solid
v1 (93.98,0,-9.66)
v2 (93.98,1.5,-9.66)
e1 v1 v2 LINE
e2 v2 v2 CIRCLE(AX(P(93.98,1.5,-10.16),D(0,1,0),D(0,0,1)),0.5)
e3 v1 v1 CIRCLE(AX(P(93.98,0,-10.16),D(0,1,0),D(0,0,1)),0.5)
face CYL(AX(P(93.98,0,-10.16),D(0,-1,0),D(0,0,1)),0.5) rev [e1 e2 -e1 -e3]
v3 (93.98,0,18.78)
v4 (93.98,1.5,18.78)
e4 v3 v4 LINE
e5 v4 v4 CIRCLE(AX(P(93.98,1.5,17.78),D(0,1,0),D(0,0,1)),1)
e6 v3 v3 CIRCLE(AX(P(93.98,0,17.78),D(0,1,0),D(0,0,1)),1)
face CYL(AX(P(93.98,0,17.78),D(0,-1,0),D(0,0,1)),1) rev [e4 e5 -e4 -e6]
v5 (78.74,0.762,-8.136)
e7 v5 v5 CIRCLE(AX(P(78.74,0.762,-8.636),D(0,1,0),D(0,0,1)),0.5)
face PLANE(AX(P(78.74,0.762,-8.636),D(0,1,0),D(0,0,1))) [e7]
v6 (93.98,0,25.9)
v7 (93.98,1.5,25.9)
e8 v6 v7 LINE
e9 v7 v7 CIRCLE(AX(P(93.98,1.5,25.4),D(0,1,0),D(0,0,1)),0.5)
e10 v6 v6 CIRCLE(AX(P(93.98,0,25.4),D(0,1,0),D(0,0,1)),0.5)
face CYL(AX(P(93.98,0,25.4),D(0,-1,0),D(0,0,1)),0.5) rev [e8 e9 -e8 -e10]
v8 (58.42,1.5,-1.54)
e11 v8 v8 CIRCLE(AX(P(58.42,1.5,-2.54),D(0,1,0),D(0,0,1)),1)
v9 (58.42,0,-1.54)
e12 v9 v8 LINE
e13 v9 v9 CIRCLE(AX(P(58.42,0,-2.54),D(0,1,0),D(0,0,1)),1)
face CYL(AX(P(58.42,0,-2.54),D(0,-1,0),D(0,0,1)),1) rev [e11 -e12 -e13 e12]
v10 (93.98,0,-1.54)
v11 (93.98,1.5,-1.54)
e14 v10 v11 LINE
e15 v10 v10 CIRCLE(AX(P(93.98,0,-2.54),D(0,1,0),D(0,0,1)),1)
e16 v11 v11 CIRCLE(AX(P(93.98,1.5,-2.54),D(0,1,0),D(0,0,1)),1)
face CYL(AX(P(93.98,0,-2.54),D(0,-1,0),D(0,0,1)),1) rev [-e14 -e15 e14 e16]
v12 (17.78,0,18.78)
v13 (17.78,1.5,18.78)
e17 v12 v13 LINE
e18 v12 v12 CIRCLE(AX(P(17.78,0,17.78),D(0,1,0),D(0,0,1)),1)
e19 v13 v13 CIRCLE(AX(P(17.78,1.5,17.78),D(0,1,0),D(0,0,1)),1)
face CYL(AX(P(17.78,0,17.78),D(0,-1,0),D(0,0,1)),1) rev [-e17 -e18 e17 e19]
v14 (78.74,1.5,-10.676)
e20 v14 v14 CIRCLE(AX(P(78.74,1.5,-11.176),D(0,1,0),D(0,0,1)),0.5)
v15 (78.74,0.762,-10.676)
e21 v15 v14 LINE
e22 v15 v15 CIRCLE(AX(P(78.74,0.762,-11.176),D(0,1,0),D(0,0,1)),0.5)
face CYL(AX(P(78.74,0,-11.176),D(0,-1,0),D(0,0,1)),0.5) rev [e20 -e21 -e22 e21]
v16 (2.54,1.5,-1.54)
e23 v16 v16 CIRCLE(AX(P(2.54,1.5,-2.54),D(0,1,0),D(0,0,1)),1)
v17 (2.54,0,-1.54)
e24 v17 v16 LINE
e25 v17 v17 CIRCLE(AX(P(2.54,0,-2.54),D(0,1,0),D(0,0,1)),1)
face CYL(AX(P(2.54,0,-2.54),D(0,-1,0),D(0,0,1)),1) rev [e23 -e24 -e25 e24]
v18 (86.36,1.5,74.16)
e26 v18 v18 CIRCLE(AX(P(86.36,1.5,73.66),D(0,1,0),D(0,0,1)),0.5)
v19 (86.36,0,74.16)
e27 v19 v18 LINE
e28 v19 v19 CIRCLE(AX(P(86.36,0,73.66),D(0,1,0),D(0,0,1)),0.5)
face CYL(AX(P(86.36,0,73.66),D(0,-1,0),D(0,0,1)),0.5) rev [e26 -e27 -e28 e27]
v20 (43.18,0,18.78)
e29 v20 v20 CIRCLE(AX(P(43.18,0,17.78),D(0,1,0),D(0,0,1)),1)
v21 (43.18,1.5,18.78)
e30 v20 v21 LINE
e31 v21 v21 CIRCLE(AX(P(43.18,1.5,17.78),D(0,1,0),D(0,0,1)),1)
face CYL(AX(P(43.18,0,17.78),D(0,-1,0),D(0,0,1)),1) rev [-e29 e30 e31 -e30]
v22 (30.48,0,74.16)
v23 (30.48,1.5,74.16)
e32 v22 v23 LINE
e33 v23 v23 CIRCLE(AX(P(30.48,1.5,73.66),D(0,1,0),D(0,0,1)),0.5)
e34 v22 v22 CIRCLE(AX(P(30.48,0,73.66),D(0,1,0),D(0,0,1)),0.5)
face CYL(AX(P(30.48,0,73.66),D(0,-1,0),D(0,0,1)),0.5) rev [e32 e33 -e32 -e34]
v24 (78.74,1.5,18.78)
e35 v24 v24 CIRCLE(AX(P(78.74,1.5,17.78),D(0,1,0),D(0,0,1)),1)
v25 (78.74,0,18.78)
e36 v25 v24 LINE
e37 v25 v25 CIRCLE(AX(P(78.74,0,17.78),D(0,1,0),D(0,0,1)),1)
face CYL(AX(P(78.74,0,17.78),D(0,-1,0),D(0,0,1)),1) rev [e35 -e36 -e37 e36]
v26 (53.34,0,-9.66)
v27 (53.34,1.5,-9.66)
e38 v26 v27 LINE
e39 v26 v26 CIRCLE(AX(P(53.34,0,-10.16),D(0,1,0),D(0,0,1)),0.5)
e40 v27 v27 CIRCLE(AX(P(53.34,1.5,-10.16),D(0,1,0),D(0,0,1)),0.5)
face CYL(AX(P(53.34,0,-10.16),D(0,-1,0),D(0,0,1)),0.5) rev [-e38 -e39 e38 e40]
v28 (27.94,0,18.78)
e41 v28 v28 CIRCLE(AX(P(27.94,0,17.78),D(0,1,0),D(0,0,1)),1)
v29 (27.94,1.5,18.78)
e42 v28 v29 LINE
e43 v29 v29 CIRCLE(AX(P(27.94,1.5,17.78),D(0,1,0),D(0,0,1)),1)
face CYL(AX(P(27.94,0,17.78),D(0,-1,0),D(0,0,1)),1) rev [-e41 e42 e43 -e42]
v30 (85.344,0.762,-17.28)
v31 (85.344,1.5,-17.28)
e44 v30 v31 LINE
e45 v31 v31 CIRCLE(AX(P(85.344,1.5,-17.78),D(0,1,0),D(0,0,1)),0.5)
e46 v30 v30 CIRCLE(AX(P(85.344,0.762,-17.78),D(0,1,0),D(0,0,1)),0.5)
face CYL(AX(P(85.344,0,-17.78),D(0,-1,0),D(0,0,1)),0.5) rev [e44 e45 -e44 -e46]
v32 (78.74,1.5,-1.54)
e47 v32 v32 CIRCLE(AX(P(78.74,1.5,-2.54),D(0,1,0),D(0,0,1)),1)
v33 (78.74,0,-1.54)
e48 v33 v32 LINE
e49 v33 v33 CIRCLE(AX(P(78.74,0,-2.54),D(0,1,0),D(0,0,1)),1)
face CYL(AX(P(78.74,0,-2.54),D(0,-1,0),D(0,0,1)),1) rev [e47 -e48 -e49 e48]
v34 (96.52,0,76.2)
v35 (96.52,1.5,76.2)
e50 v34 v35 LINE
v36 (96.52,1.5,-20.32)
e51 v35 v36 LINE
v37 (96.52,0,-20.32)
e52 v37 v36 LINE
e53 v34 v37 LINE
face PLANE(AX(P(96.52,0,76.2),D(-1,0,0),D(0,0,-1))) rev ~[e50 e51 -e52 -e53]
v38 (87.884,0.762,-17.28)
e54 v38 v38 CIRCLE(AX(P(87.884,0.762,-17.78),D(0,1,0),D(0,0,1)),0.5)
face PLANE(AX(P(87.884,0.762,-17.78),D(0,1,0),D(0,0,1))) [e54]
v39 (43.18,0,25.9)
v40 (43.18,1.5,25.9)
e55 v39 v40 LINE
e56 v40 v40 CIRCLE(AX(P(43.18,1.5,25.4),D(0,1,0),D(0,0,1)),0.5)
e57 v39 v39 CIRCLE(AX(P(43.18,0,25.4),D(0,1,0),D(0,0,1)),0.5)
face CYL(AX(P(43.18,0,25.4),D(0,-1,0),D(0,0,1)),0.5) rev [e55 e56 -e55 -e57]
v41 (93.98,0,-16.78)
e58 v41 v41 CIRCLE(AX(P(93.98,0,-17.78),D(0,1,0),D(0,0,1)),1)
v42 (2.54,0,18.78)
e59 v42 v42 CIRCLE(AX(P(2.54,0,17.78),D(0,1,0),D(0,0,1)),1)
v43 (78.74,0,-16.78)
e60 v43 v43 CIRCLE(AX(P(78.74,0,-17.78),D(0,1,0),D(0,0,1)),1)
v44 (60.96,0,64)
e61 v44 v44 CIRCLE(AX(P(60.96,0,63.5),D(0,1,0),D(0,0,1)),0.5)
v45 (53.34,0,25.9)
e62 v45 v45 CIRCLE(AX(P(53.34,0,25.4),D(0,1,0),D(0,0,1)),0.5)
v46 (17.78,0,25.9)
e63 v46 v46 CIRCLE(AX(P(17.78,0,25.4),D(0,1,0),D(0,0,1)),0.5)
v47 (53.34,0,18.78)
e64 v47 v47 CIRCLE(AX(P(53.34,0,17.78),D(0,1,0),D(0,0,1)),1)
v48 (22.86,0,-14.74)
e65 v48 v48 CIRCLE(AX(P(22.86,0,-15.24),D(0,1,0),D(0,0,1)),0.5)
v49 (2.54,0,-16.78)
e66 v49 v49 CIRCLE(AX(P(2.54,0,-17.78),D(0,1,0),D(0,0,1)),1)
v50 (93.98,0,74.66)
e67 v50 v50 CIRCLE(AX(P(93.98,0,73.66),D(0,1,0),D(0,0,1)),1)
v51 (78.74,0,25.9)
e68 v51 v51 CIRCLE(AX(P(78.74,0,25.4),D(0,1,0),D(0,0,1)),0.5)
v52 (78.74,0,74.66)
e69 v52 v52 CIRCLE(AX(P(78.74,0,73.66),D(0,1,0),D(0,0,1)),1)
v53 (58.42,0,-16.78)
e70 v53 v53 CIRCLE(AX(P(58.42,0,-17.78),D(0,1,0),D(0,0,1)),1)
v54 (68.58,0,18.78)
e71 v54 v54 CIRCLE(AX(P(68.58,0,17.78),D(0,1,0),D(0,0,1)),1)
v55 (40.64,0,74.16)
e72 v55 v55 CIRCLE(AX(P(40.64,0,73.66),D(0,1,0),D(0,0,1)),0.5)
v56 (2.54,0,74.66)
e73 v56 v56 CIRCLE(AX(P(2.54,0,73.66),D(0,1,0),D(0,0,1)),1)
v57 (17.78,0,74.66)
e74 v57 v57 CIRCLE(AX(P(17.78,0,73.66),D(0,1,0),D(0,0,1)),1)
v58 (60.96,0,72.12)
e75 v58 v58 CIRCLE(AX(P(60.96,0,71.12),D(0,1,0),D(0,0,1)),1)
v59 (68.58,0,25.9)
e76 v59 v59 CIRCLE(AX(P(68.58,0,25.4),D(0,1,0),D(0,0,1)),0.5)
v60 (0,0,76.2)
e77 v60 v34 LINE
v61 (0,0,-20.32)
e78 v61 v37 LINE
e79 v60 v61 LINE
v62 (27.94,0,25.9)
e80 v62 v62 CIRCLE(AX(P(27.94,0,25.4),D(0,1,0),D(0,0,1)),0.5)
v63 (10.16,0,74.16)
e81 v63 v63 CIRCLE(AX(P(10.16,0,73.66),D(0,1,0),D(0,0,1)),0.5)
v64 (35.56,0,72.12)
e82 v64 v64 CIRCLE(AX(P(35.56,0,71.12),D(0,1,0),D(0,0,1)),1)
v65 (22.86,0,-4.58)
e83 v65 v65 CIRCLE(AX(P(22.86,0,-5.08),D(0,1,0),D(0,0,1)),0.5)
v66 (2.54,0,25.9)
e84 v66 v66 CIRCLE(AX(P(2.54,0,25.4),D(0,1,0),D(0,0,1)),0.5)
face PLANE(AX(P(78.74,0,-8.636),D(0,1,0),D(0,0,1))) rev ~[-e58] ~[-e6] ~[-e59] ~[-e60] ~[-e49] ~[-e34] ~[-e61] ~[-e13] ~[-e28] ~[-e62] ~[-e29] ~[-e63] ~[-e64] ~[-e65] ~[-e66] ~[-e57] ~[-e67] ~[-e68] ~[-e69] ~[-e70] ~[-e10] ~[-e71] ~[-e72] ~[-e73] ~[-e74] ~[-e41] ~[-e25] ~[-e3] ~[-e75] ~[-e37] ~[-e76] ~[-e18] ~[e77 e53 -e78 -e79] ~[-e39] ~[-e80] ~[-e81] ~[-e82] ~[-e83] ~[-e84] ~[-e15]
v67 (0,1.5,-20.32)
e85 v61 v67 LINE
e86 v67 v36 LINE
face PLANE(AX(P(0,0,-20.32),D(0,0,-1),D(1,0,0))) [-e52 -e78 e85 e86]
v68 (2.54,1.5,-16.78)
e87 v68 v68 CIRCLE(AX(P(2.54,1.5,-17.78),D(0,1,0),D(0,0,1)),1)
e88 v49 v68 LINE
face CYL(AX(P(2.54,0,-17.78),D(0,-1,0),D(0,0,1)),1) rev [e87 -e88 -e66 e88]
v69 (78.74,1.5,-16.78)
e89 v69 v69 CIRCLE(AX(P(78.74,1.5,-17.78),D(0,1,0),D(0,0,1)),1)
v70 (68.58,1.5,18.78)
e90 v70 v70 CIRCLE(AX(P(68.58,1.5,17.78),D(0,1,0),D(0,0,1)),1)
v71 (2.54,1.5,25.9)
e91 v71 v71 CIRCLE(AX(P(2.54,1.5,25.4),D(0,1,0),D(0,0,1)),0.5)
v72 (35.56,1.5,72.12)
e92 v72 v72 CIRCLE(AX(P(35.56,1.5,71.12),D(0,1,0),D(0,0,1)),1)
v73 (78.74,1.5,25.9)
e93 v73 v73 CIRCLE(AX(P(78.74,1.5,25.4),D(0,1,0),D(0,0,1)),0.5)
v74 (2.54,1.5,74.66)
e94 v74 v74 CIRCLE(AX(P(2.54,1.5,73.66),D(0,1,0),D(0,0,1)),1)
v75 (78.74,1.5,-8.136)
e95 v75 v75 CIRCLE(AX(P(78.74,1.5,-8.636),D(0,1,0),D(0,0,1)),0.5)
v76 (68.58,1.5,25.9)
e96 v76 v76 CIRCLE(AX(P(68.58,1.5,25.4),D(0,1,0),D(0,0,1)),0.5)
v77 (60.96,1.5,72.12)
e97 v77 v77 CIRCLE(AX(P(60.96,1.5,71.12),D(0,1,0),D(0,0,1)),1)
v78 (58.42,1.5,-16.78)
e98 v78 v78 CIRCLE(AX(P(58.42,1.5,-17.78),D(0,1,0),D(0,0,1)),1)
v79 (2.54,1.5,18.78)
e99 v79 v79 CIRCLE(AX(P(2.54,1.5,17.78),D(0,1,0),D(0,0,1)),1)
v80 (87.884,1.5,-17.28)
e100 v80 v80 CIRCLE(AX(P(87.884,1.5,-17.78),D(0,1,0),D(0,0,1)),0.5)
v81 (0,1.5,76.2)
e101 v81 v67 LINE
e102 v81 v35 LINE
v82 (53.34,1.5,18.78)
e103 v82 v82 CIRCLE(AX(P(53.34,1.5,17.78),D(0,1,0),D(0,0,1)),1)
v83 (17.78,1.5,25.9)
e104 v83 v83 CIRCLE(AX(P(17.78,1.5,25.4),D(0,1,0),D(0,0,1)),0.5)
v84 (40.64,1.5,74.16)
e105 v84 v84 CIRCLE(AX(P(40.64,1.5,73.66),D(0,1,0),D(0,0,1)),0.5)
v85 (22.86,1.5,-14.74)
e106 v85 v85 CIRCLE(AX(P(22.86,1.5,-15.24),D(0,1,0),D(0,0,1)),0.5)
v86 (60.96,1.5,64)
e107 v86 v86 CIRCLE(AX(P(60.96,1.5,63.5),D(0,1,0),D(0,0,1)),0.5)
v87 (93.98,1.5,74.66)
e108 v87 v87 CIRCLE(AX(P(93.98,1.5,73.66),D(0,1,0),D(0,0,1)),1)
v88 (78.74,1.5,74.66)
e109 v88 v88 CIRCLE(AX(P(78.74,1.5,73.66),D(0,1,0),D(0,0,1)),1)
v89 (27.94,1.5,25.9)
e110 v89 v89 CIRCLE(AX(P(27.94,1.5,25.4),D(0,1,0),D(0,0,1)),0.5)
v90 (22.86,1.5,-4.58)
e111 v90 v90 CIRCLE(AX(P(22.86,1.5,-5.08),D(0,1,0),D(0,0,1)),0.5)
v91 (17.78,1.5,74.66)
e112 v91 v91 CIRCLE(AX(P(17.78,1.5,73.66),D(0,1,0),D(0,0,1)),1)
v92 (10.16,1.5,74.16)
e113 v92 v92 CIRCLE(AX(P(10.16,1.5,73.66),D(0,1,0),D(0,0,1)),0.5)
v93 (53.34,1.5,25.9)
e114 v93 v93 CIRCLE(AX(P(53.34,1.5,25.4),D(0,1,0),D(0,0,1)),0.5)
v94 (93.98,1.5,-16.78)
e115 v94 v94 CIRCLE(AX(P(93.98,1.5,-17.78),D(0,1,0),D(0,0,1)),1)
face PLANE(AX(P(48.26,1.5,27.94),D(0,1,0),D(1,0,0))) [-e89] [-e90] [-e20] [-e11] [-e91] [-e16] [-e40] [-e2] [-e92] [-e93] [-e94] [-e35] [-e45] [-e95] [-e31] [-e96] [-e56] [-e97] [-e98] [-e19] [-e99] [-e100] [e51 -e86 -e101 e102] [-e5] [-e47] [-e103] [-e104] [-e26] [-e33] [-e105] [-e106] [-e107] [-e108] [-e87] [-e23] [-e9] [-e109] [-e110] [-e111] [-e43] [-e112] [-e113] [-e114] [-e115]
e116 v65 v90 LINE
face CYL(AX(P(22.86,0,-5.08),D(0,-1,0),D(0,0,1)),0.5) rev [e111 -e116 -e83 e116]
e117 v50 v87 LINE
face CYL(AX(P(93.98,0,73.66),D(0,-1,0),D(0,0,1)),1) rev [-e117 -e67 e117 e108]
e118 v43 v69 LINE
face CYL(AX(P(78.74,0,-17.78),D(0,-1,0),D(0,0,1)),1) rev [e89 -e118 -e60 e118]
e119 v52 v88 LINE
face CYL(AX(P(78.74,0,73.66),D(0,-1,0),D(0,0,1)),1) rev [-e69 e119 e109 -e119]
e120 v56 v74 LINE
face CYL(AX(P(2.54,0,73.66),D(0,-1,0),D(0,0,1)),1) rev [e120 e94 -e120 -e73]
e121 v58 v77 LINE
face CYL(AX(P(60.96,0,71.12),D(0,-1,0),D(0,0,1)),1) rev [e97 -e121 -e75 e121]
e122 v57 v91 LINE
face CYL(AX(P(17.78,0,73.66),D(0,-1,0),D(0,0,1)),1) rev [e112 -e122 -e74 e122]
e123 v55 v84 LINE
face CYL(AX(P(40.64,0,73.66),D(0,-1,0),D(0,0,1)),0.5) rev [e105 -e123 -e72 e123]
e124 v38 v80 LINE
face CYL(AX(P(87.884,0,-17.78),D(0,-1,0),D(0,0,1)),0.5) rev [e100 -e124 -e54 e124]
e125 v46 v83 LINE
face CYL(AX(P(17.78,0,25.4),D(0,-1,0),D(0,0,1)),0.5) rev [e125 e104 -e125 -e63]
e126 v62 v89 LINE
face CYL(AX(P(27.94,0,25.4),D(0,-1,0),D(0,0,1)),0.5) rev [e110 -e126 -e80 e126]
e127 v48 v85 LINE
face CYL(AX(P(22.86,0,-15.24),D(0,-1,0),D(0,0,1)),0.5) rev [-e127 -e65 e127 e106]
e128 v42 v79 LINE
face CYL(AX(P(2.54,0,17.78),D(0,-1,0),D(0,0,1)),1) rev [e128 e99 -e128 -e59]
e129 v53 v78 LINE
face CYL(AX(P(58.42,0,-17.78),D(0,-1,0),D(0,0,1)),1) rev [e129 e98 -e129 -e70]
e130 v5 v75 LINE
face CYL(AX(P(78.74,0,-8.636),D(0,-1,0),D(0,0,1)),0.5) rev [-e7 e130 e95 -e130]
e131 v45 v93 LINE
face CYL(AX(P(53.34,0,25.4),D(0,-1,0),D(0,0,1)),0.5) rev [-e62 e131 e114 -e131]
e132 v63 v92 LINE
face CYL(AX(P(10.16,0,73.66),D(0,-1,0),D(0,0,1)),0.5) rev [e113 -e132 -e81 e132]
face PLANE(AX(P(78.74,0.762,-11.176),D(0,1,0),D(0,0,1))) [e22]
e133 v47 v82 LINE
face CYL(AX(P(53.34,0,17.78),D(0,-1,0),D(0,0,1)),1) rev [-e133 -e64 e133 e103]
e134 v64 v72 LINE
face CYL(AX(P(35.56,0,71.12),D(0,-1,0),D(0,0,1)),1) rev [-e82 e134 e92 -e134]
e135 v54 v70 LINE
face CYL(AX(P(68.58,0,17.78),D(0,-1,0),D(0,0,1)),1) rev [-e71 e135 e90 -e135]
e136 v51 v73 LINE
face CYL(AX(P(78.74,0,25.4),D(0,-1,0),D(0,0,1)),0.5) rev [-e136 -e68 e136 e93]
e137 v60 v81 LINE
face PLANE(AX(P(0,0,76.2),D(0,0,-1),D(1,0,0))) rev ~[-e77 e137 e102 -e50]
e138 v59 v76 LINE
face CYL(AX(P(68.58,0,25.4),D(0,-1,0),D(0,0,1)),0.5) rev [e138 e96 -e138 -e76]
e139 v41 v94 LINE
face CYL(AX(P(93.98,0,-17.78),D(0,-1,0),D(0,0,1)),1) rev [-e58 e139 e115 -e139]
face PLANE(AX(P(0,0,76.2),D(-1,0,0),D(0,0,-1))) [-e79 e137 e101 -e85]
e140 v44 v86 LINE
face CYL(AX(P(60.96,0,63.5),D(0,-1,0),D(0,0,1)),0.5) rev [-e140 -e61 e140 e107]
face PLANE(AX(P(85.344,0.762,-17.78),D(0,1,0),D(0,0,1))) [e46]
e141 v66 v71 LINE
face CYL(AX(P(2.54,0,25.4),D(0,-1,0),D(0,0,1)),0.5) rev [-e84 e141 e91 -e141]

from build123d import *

# Parameters (mm, degrees)
SKETCH1_W           = 96.52
SKETCH1_H           = 96.52
SKETCH1_R           = 1
SKETCH1_R_2         = 0.5
BOSS_EXTRUDE1_DEPTH = 1.5
SKETCH1_3_R         = 0.5
BOSS_EXTRUDE2_DEPTH = 0.762


with BuildPart() as part:
    # Sketch1 → Boss-Extrude1 (new body)
    with BuildSketch(Plane(origin=(0, 0, 0), x_dir=(1, 0, 0), z_dir=(0, 1, 0))):
        with Locations((48.26, -27.94)):
            Rectangle(SKETCH1_W, SKETCH1_H)
        with Locations(Location((2.54, 2.54, 0), (0, 0, 270))):  # turned: the seam where the file's is
            Circle(SKETCH1_R, mode=Mode.SUBTRACT)
        with Locations(Location((22.86, 5.08, 0), (0, 0, 270))):  # turned: the seam where the file's is
            Circle(SKETCH1_R_2, mode=Mode.SUBTRACT)
        with Locations(Location((2.54, 17.78, 0), (0, 0, 270))):  # turned: the seam where the file's is
            Circle(SKETCH1_R, mode=Mode.SUBTRACT)
        with Locations(Location((22.86, 15.24, 0), (0, 0, 270))):  # turned: the seam where the file's is
            Circle(SKETCH1_R_2, mode=Mode.SUBTRACT)
        with Locations(Location((58.42, 2.54, 0), (0, 0, 270))):  # turned: the seam where the file's is
            Circle(SKETCH1_R, mode=Mode.SUBTRACT)
        with Locations(Location((53.34, 10.16, 0), (0, 0, 270))):  # turned: the seam where the file's is
            Circle(SKETCH1_R_2, mode=Mode.SUBTRACT)
        with Locations(Location((58.42, 17.78, 0), (0, 0, 270))):  # turned: the seam where the file's is
            Circle(SKETCH1_R, mode=Mode.SUBTRACT)
        with Locations(Location((17.78, -17.78, 0), (0, 0, 270))):  # turned: the seam where the file's is
            Circle(SKETCH1_R, mode=Mode.SUBTRACT)
        with Locations(Location((17.78, -25.4, 0), (0, 0, 270))):  # turned: the seam where the file's is
            Circle(SKETCH1_R_2, mode=Mode.SUBTRACT)
        with Locations(Location((2.54, -73.66, 0), (0, 0, 270))):  # turned: the seam where the file's is
            Circle(SKETCH1_R, mode=Mode.SUBTRACT)
        with Locations(Location((10.16, -73.66, 0), (0, 0, 270))):  # turned: the seam where the file's is
            Circle(SKETCH1_R_2, mode=Mode.SUBTRACT)
        with Locations(Location((17.78, -73.66, 0), (0, 0, 270))):  # turned: the seam where the file's is
            Circle(SKETCH1_R, mode=Mode.SUBTRACT)
        with Locations(Location((2.54, -25.4, 0), (0, 0, 270))):  # turned: the seam where the file's is
            Circle(SKETCH1_R_2, mode=Mode.SUBTRACT)
        with Locations(Location((2.54, -17.78, 0), (0, 0, 270))):  # turned: the seam where the file's is
            Circle(SKETCH1_R, mode=Mode.SUBTRACT)
        with Locations(Location((93.98, 17.78, 0), (0, 0, 270))):  # turned: the seam where the file's is
            Circle(SKETCH1_R, mode=Mode.SUBTRACT)
        with Locations(Location((87.884, 17.78, 0), (0, 0, 270))):  # turned: the seam where the file's is
            Circle(SKETCH1_R_2, mode=Mode.SUBTRACT)
        with Locations(Location((78.74, 2.54, 0), (0, 0, 270))):  # turned: the seam where the file's is
            Circle(SKETCH1_R, mode=Mode.SUBTRACT)
        with Locations(Location((93.98, 2.54, 0), (0, 0, 270))):  # turned: the seam where the file's is
            Circle(SKETCH1_R, mode=Mode.SUBTRACT)
        with Locations(Location((78.74, 8.636, 0), (0, 0, 270))):  # turned: the seam where the file's is
            Circle(SKETCH1_R_2, mode=Mode.SUBTRACT)
        with Locations(Location((78.74, 11.176, 0), (0, 0, 270))):  # turned: the seam where the file's is
            Circle(SKETCH1_R_2, mode=Mode.SUBTRACT)
        with Locations(Location((78.74, 17.78, 0), (0, 0, 270))):  # turned: the seam where the file's is
            Circle(SKETCH1_R, mode=Mode.SUBTRACT)
        with Locations(Location((93.98, 10.16, 0), (0, 0, 270))):  # turned: the seam where the file's is
            Circle(SKETCH1_R_2, mode=Mode.SUBTRACT)
        with Locations(Location((85.344, 17.78, 0), (0, 0, 270))):  # turned: the seam where the file's is
            Circle(SKETCH1_R_2, mode=Mode.SUBTRACT)
        with Locations(Location((43.18, -17.78, 0), (0, 0, 270))):  # turned: the seam where the file's is
            Circle(SKETCH1_R, mode=Mode.SUBTRACT)
        with Locations(Location((43.18, -25.4, 0), (0, 0, 270))):  # turned: the seam where the file's is
            Circle(SKETCH1_R_2, mode=Mode.SUBTRACT)
        with Locations(Location((27.94, -17.78, 0), (0, 0, 270))):  # turned: the seam where the file's is
            Circle(SKETCH1_R, mode=Mode.SUBTRACT)
        with Locations(Location((30.48, -73.66, 0), (0, 0, 270))):  # turned: the seam where the file's is
            Circle(SKETCH1_R_2, mode=Mode.SUBTRACT)
        with Locations(Location((35.56, -71.12, 0), (0, 0, 270))):  # turned: the seam where the file's is
            Circle(SKETCH1_R, mode=Mode.SUBTRACT)
        with Locations(Location((40.64, -73.66, 0), (0, 0, 270))):  # turned: the seam where the file's is
            Circle(SKETCH1_R_2, mode=Mode.SUBTRACT)
        with Locations(Location((27.94, -25.4, 0), (0, 0, 270))):  # turned: the seam where the file's is
            Circle(SKETCH1_R_2, mode=Mode.SUBTRACT)
        with Locations(Location((93.98, -17.78, 0), (0, 0, 270))):  # turned: the seam where the file's is
            Circle(SKETCH1_R, mode=Mode.SUBTRACT)
        with Locations(Location((93.98, -25.4, 0), (0, 0, 270))):  # turned: the seam where the file's is
            Circle(SKETCH1_R_2, mode=Mode.SUBTRACT)
        with Locations(Location((78.74, -73.66, 0), (0, 0, 270))):  # turned: the seam where the file's is
            Circle(SKETCH1_R, mode=Mode.SUBTRACT)
        with Locations(Location((86.36, -73.66, 0), (0, 0, 270))):  # turned: the seam where the file's is
            Circle(SKETCH1_R_2, mode=Mode.SUBTRACT)
        with Locations(Location((93.98, -73.66, 0), (0, 0, 270))):  # turned: the seam where the file's is
            Circle(SKETCH1_R, mode=Mode.SUBTRACT)
        with Locations(Location((78.74, -25.4, 0), (0, 0, 270))):  # turned: the seam where the file's is
            Circle(SKETCH1_R_2, mode=Mode.SUBTRACT)
        with Locations(Location((78.74, -17.78, 0), (0, 0, 270))):  # turned: the seam where the file's is
            Circle(SKETCH1_R, mode=Mode.SUBTRACT)
        with Locations(Location((68.58, -17.78, 0), (0, 0, 270))):  # turned: the seam where the file's is
            Circle(SKETCH1_R, mode=Mode.SUBTRACT)
        with Locations(Location((68.58, -25.4, 0), (0, 0, 270))):  # turned: the seam where the file's is
            Circle(SKETCH1_R_2, mode=Mode.SUBTRACT)
        with Locations(Location((53.34, -17.78, 0), (0, 0, 270))):  # turned: the seam where the file's is
            Circle(SKETCH1_R, mode=Mode.SUBTRACT)
        with Locations(Location((60.96, -71.12, 0), (0, 0, 270))):  # turned: the seam where the file's is
            Circle(SKETCH1_R, mode=Mode.SUBTRACT)
        with Locations(Location((60.96, -63.5, 0), (0, 0, 270))):  # turned: the seam where the file's is
            Circle(SKETCH1_R_2, mode=Mode.SUBTRACT)
        with Locations(Location((53.34, -25.4, 0), (0, 0, 270))):  # turned: the seam where the file's is
            Circle(SKETCH1_R_2, mode=Mode.SUBTRACT)
    extrude(amount=BOSS_EXTRUDE1_DEPTH)

    # Sketch1_3 → Boss-Extrude2 (add)
    with BuildSketch(Plane(origin=(0, 0, 0), x_dir=(1, 0, 0), z_dir=(0, 1, 0))):
        with Locations(Location((78.74, 8.636, 0), (0, 0, 270))):  # turned: the seam where the file's is
            Circle(SKETCH1_3_R)
        with Locations(Location((78.74, 11.176, 0), (0, 0, 270))):  # turned: the seam where the file's is
            Circle(SKETCH1_3_R)
        with Locations(Location((85.344, 17.78, 0), (0, 0, 270))):  # turned: the seam where the file's is
            Circle(SKETCH1_3_R)
        with Locations(Location((87.884, 17.78, 0), (0, 0, 270))):  # turned: the seam where the file's is
            Circle(SKETCH1_3_R)
    extrude(amount=BOSS_EXTRUDE2_DEPTH)


solid = part.part
